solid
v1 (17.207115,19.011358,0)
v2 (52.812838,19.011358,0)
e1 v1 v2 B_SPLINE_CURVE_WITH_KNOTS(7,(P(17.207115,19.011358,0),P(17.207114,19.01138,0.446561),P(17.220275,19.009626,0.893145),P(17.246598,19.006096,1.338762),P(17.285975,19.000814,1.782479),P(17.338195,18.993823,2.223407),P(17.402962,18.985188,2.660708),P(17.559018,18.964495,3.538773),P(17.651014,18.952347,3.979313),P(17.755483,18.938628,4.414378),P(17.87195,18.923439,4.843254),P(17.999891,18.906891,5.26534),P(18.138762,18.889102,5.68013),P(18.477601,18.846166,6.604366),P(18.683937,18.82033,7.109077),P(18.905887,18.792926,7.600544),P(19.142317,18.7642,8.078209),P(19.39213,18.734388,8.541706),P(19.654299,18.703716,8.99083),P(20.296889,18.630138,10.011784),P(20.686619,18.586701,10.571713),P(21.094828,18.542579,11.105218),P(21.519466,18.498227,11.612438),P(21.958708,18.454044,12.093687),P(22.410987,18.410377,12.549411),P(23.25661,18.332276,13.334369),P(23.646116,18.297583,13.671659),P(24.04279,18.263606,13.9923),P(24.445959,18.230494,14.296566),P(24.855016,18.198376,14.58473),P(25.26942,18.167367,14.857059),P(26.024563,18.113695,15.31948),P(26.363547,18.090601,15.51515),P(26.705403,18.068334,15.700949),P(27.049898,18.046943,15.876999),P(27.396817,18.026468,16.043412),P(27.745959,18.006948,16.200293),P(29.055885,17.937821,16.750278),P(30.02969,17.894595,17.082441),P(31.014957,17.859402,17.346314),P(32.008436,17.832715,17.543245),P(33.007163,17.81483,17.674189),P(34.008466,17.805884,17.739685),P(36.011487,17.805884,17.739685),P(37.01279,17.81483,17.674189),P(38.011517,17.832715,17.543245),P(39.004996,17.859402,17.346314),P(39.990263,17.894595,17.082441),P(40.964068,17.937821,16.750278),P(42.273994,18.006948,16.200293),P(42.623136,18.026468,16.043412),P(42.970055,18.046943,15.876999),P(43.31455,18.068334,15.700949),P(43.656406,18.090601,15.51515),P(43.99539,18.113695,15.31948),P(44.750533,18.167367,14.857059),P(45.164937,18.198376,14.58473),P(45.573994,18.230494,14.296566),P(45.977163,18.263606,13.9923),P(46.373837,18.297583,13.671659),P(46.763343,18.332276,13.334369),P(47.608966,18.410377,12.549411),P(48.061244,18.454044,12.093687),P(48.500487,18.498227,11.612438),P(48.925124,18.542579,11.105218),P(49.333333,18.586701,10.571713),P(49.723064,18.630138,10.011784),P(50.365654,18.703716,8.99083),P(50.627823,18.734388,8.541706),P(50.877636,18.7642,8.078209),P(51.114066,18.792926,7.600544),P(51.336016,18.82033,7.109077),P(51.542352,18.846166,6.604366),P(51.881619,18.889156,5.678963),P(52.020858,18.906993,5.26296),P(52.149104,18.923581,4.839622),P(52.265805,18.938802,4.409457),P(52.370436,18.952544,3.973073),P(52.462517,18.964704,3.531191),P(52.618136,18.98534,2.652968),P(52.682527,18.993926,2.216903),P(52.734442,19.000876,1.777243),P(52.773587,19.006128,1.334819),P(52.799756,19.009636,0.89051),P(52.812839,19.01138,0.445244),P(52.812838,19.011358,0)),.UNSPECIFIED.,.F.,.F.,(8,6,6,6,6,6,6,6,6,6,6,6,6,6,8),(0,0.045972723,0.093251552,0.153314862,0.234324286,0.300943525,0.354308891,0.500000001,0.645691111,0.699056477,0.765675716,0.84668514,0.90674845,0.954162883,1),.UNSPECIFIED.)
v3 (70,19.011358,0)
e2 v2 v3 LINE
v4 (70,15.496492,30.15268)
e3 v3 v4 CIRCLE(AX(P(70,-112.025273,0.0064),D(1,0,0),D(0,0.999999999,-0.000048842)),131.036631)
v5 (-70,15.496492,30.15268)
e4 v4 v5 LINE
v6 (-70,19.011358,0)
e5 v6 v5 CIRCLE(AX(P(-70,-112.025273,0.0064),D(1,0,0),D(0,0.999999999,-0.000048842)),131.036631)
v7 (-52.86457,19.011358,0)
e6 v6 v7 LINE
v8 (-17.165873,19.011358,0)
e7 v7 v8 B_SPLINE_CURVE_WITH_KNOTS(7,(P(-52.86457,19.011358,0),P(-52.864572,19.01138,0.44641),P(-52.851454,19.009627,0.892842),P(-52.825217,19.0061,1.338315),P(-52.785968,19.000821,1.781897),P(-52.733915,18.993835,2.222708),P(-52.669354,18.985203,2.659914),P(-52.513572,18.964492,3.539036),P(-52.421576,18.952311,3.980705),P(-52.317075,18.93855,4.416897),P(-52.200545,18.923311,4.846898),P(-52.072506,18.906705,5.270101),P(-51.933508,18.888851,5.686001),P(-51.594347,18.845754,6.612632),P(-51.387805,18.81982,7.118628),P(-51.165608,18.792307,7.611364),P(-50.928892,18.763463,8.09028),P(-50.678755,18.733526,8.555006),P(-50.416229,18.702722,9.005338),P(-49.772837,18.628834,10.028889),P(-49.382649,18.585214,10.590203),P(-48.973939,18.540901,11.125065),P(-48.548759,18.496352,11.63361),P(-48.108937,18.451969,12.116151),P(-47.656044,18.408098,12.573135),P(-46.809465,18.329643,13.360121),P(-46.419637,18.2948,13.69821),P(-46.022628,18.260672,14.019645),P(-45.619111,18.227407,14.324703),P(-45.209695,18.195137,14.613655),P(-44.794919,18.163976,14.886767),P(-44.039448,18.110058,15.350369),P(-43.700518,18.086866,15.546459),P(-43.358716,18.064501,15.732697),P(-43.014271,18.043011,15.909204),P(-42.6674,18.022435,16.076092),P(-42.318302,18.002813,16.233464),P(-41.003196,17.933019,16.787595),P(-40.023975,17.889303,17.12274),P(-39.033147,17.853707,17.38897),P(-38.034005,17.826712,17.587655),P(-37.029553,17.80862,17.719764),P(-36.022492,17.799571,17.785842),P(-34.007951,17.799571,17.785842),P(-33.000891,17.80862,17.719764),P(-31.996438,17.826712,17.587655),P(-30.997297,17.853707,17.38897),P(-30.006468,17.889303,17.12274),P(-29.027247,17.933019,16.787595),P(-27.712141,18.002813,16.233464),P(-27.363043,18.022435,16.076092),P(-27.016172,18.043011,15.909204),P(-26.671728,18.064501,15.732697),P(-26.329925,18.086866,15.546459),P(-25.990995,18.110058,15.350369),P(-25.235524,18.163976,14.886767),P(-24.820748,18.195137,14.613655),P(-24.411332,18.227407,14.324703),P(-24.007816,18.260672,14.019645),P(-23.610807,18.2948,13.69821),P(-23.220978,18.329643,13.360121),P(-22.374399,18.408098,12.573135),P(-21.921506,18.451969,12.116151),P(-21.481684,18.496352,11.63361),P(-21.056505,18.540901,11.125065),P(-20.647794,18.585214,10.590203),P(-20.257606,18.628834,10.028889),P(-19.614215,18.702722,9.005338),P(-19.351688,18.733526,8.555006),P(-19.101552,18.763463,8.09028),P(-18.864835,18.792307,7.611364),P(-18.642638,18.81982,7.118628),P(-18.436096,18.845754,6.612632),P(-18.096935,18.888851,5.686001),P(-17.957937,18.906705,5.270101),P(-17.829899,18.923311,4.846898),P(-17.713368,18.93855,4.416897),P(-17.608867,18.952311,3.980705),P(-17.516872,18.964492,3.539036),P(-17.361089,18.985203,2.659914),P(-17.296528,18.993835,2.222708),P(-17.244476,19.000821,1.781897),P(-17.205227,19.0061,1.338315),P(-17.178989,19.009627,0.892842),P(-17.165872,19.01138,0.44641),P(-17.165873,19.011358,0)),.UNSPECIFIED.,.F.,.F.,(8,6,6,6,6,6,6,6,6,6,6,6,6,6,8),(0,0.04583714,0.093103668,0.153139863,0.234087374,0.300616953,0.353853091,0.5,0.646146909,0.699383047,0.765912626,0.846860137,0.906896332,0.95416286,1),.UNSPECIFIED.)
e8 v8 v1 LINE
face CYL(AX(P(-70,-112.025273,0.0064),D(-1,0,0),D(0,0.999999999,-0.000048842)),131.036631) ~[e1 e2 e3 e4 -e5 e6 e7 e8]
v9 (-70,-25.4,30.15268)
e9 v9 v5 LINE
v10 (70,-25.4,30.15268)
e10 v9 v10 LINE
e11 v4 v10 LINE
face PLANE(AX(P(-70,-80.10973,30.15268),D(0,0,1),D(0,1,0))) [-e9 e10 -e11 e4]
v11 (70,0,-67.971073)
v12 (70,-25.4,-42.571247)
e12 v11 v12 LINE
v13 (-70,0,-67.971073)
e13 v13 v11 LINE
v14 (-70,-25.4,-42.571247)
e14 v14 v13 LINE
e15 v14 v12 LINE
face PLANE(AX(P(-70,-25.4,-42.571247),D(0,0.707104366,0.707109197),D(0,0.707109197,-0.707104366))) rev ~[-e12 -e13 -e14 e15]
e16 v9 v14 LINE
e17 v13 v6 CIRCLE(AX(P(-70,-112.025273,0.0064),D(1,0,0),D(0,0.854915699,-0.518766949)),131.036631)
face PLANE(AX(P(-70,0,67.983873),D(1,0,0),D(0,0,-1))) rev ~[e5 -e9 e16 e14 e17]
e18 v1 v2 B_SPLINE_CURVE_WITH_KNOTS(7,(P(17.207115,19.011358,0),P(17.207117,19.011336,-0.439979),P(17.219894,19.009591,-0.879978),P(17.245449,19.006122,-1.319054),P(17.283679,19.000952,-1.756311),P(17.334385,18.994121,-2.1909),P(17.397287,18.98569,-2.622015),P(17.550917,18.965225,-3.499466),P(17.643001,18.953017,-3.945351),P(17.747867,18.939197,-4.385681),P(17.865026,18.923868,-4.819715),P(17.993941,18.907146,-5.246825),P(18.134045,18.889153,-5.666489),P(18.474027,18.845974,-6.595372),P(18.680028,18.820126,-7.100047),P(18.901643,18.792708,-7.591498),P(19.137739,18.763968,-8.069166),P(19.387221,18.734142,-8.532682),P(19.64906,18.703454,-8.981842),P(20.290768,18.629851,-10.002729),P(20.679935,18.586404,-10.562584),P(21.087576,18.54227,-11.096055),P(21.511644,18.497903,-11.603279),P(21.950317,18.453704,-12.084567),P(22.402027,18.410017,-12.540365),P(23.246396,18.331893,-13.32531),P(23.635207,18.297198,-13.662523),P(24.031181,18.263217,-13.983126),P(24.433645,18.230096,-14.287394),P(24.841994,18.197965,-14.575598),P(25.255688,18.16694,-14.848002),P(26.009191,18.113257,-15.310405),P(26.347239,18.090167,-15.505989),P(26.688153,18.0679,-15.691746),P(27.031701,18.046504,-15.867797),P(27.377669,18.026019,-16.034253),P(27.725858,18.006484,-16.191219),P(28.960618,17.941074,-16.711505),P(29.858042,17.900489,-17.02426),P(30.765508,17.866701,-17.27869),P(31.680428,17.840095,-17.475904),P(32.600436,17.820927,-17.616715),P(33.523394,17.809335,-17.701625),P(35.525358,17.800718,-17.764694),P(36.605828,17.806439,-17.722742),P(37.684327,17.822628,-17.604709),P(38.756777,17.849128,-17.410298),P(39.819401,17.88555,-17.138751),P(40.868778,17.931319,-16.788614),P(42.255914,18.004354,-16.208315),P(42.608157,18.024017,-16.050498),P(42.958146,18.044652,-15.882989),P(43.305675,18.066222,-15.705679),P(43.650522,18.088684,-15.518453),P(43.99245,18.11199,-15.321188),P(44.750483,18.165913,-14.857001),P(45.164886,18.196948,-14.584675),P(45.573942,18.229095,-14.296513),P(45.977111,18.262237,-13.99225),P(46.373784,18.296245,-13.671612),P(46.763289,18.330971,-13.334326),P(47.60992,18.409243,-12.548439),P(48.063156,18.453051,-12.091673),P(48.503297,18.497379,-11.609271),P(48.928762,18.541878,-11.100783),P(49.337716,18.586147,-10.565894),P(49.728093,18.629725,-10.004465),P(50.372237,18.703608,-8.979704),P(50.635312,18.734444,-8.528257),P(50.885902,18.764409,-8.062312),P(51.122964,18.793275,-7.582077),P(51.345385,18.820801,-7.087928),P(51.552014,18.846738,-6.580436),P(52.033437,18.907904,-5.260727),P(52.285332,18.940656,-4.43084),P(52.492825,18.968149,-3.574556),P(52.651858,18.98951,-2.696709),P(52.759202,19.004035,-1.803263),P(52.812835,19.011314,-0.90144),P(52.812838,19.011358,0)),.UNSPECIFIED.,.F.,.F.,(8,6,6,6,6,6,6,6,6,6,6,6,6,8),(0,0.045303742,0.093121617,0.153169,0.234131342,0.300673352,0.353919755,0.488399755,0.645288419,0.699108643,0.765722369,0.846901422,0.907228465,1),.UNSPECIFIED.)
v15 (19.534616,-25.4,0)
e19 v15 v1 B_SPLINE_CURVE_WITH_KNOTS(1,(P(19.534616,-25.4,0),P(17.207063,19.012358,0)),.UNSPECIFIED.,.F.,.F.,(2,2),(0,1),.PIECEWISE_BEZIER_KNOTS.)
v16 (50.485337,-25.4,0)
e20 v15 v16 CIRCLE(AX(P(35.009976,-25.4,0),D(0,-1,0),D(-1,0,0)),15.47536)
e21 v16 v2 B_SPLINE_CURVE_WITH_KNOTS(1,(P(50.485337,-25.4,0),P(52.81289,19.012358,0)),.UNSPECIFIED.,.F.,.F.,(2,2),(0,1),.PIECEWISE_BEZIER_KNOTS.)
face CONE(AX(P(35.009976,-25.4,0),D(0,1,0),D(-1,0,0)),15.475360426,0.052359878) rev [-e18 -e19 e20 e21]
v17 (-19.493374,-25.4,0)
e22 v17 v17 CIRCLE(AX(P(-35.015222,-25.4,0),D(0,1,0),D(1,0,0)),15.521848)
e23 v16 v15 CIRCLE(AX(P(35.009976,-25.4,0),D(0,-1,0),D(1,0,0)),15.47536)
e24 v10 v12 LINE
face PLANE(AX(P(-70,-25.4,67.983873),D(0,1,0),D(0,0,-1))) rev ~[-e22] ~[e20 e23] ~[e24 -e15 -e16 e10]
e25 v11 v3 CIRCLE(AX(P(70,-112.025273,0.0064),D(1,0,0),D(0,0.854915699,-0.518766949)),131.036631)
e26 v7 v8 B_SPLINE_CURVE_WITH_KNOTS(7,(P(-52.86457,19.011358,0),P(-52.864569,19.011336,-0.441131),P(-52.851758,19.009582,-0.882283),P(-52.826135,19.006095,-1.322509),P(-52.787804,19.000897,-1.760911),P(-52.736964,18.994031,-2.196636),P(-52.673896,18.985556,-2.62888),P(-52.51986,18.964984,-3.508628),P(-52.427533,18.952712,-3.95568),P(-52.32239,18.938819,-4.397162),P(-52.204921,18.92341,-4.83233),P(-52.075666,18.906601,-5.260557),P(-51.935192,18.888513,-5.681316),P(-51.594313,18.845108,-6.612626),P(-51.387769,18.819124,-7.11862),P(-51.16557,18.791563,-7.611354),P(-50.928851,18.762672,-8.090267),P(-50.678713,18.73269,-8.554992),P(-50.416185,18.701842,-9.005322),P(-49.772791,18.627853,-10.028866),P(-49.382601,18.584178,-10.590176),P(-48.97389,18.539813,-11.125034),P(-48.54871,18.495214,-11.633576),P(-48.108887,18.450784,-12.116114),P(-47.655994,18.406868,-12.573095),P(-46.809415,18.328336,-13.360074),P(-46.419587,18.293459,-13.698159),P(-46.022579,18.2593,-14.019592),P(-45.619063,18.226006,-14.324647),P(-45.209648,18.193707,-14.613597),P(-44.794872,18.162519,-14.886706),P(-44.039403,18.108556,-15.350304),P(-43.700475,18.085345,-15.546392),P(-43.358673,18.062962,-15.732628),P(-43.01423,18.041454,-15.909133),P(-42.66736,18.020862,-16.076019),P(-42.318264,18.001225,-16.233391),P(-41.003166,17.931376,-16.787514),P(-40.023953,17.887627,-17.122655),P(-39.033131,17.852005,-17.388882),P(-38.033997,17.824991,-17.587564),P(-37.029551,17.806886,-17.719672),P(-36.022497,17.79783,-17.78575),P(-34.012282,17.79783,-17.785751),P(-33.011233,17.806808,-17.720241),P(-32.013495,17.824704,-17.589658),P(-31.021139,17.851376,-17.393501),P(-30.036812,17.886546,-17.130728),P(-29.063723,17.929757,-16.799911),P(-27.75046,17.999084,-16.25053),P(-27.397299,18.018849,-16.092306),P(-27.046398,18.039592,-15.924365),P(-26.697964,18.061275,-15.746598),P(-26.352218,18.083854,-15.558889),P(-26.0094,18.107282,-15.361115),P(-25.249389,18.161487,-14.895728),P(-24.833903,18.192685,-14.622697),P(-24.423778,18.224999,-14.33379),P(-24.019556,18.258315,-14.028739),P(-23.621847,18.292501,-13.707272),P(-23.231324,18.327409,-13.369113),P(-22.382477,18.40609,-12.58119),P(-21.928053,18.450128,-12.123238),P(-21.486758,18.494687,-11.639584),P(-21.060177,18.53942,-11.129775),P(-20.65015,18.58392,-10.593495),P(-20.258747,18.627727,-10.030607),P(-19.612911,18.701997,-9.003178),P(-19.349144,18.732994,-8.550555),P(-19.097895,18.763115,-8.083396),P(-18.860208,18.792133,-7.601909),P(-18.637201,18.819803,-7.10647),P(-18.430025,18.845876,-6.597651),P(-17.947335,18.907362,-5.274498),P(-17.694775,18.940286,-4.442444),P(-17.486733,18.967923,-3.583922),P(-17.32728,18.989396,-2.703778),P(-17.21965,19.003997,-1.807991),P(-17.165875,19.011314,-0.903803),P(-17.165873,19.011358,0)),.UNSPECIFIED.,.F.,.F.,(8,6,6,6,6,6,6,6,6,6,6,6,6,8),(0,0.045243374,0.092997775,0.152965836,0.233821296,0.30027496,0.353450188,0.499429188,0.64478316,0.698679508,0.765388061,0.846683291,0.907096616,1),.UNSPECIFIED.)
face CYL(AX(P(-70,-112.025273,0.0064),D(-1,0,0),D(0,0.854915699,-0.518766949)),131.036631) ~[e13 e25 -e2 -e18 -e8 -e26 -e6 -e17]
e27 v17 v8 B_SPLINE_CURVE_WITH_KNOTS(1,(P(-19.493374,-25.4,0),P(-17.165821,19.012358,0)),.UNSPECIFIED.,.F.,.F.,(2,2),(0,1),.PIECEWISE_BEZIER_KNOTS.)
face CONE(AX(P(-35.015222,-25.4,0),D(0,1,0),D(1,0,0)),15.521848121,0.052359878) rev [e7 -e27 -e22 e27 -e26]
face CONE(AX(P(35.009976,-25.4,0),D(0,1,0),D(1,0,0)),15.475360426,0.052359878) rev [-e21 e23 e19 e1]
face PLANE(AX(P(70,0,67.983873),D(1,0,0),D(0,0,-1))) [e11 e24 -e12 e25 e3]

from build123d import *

# Parameters (mm, degrees)
F2_DEPTH  = 140
F3_DEPTH  = 25.4
F6_W      = 215.1558175683
F6_H      = 84.3175165355
F7_DEPTH  = 140.001
F9_DEPTH  = 140.001
F5_R      = 15.5218481215
F10_DEPTH = 44.4123579555
F10_TAPER = -3


with BuildPart() as f2:
    # F1 (on offset) → F2 (new body)
    with BuildSketch(Plane.YZ.offset(-70)):
        with BuildLine():
            Line((0, 67.9838731885), (0, 0))
            Line((0, 0), (19.0113577992, 0))
            ThreePointArc((19.0113577992, 0), (14.1699092565, 35.2962658126), (0, 67.9838731885))
        make_face()
        with BuildLine():
            Line((19.0113577992, 0), (0, 0))
            Line((0, 0), (0, -67.971073091))
            ThreePointArc((0, -67.971073091), (14.1681854898, -35.2896292573), (19.0113577992, 0))
        make_face()
    extrude(amount=F2_DEPTH)

    # F3 (add): a face of the model
    f3_faces = [f2.faces().sort_by_distance(p)[0] for p in [
        (0, 0, 0.0064000487),
    ]]
    extrude(f3_faces, amount=F3_DEPTH)

    # F6 (on offset) → F7 (cut, through all)
    with BuildSketch(Plane.YZ.offset(-70)):
        with Locations((27.4681784213, 72.3114386201)):
            Rectangle(F6_W, F6_H)
    extrude(amount=F7_DEPTH, mode=Mode.SUBTRACT)

    # F8 (on face) → F9 (cut, through all)
    with BuildSketch(Plane(origin=(-70, 0, 0), x_dir=(0, -1, 0), z_dir=(-1, 0, 0))):
        Polygon((0, -67.971073091), (25.4, -67.971073091), (25.4, -42.571246624), align=None)
    extrude(amount=-F9_DEPTH, mode=Mode.SUBTRACT)

    # F5 (on face) → F10 (cut, through all)
    with BuildSketch(Plane.XZ.offset(25.4)):
        with Locations((-35.0152216852, 0)):
            Circle(F5_R)
        with BuildLine():
            ThreePointArc((50.4853369025, 0), (35.0099764764, 15.4753604261), (19.5346160504, 0))
            ThreePointArc((19.5346160504, 0), (35.0099764764, -15.4753604261), (50.4853369025, 0))
        make_face()
    extrude(amount=-F10_DEPTH, taper=F10_TAPER, mode=Mode.SUBTRACT)


solid = f2.part
